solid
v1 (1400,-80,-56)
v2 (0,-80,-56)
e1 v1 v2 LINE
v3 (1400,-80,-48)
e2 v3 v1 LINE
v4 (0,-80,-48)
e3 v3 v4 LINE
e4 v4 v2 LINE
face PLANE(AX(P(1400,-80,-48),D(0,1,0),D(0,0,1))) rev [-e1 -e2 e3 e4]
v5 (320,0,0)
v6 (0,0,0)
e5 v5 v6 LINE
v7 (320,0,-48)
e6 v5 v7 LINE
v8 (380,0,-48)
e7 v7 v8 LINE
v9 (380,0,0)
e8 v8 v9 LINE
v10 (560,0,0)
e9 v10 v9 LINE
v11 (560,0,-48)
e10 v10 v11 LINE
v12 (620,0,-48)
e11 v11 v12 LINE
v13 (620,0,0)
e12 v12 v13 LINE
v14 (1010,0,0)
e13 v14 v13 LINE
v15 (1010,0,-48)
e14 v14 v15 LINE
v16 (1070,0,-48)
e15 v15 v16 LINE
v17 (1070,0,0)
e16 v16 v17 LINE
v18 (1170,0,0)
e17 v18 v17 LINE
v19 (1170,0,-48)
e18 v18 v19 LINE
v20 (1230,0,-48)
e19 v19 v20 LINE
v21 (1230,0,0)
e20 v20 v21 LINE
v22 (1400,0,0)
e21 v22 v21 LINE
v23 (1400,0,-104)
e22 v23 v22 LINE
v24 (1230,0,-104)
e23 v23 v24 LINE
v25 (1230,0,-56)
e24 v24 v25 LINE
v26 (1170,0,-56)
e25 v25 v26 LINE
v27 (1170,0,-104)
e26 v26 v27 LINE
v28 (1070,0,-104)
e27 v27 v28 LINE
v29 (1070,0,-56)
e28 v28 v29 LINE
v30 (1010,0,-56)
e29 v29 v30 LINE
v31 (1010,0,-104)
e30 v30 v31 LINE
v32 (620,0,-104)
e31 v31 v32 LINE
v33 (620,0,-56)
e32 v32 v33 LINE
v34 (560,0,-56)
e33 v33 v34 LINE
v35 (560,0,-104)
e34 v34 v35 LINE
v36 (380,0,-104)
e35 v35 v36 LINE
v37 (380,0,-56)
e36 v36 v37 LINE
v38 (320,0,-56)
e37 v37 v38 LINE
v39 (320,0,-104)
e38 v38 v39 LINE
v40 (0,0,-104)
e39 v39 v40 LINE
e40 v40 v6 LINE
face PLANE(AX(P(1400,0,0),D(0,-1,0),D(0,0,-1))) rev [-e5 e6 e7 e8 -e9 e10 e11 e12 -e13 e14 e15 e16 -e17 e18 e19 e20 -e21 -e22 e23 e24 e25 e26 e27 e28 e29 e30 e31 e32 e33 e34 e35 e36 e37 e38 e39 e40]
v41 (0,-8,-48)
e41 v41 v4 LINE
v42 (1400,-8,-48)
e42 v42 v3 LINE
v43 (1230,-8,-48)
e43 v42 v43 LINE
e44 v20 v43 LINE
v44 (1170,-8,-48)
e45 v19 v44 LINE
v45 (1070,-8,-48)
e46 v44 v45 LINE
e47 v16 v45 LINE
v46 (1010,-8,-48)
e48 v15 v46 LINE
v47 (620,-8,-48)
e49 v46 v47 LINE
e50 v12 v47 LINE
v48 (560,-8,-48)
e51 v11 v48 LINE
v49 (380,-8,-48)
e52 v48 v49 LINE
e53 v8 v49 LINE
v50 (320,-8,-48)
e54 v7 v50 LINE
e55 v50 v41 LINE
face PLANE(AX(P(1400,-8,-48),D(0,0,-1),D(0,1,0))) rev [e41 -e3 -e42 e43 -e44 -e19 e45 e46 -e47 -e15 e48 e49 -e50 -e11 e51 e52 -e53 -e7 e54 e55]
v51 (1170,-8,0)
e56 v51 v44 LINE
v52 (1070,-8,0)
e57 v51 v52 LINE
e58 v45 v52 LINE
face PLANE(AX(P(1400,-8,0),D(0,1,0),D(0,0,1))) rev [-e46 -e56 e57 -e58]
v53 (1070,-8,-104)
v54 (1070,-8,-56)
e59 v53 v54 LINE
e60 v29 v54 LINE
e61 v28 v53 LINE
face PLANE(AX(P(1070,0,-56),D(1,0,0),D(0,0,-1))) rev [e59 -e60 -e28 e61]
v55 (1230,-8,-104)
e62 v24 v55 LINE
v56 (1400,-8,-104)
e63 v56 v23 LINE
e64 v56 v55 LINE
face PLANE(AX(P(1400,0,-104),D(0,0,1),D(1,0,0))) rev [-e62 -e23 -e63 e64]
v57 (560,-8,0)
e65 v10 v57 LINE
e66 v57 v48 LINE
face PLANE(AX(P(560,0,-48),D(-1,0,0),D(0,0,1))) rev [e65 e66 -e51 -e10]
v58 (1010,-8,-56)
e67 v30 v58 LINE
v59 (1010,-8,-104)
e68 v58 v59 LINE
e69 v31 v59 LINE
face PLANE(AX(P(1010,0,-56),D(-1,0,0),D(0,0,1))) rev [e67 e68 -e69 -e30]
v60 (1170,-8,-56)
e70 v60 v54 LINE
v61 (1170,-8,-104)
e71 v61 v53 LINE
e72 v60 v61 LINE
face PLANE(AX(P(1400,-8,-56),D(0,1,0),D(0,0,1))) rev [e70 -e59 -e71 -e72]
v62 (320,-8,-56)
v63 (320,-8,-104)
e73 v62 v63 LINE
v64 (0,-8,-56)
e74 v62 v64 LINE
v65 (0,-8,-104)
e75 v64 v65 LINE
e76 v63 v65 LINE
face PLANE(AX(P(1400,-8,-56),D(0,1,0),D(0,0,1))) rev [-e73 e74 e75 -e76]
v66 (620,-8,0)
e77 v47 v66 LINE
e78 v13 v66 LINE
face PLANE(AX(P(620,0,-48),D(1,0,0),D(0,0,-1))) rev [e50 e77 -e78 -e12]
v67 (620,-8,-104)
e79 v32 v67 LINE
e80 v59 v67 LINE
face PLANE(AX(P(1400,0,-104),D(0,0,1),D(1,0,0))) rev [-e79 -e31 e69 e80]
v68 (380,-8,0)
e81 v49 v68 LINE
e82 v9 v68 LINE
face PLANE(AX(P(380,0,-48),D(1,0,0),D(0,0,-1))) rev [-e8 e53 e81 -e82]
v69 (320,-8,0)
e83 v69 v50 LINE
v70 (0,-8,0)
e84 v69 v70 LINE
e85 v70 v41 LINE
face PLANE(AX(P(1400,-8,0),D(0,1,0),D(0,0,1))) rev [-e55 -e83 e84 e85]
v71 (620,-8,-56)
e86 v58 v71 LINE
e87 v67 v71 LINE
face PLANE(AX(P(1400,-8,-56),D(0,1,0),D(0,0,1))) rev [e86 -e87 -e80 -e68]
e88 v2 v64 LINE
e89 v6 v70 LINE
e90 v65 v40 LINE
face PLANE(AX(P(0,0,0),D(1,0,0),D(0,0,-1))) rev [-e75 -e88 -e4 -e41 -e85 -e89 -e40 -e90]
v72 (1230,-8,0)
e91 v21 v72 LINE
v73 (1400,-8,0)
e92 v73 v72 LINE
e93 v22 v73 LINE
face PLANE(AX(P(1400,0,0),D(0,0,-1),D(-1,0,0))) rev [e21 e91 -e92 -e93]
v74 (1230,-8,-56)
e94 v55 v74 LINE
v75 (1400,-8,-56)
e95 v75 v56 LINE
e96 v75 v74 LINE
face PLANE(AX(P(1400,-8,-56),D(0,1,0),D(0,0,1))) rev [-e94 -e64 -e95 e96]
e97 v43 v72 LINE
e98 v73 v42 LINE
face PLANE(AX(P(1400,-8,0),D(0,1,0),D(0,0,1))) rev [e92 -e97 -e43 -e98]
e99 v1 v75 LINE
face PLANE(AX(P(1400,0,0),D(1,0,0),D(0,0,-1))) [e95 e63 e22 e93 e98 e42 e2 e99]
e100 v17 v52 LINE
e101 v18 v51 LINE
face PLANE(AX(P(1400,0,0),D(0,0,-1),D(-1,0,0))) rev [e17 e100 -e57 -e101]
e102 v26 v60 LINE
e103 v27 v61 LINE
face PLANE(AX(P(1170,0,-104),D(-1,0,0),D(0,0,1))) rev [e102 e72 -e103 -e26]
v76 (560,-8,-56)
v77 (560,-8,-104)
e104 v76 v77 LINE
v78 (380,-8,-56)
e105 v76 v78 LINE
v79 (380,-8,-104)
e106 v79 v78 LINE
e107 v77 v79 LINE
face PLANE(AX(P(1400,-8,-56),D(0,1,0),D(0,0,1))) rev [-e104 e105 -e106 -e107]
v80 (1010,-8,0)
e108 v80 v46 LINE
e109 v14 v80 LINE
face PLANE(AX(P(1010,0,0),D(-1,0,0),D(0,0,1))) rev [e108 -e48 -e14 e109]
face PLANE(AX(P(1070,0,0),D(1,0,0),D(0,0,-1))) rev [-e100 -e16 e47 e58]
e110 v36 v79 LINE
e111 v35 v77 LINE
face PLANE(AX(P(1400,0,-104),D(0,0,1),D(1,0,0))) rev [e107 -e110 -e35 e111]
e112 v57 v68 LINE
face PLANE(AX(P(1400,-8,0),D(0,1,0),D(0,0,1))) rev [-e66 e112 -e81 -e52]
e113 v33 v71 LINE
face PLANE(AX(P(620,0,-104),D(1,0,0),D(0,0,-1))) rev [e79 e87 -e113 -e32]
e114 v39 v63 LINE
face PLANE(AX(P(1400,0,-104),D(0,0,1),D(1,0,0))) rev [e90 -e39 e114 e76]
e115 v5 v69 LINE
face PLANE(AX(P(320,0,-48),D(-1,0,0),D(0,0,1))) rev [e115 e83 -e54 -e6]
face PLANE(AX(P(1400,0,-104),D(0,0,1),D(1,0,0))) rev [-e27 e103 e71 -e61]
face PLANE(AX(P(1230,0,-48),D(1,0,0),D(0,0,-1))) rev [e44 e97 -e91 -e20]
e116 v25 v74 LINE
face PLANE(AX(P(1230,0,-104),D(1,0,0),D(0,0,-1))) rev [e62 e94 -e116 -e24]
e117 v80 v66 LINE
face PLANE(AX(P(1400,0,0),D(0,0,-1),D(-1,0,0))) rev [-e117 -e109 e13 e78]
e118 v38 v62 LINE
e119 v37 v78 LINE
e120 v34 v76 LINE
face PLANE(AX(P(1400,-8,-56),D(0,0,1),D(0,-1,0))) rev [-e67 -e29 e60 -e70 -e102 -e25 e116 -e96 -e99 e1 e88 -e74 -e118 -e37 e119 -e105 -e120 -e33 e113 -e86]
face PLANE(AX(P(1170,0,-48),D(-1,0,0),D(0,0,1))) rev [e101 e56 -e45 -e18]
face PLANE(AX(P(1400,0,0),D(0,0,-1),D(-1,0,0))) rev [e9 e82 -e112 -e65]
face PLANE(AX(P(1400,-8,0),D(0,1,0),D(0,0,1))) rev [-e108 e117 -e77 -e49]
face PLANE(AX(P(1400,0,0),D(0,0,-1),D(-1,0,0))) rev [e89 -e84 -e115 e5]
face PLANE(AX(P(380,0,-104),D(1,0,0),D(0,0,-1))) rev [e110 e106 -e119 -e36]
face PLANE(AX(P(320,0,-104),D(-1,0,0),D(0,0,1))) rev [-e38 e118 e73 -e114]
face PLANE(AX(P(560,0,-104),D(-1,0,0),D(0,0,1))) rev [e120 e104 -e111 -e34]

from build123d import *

# Parameters (mm, degrees)
BOSS_EXTRUDE1_DEPTH = 1400
SKETCH1_W           = 60
SKETCH1_H           = 48
CUT_EXTRUDE1_DEPTH  = 1406.702671264


with BuildPart() as part:
    # Sketch T → Boss-Extrude1 (new body)
    with BuildSketch(Plane(origin=(0, 0, 0), x_dir=(0, 0, -1), z_dir=(1, 0, 0))):
        Polygon((0, 0), (104, 0), (104, -8), (56, -8), (56, -80), (48, -80), (48, -8), (0, -8), align=None)
    extrude(amount=BOSS_EXTRUDE1_DEPTH)

    # Sketch1 → Cut-Extrude1 (cut, through all)
    with BuildSketch(Plane(origin=(0, -8, 0), x_dir=(-1, 0, 0), z_dir=(0, -1, 0))):
        with Locations((-350, 24)):
            Rectangle(SKETCH1_W, SKETCH1_H)
        with Locations((-590, 24)):
            Rectangle(SKETCH1_W, SKETCH1_H)
        with Locations((-1200, 24)):
            Rectangle(SKETCH1_W, SKETCH1_H)
        with Locations((-1200, 80)):
            Rectangle(SKETCH1_W, SKETCH1_H)
        with Locations((-590, 80)):
            Rectangle(SKETCH1_W, SKETCH1_H)
        with Locations((-350, 80)):
            Rectangle(SKETCH1_W, SKETCH1_H)
        with Locations((-1040, 24)):
            Rectangle(SKETCH1_W, SKETCH1_H)
        with Locations((-1040, 80)):
            Rectangle(SKETCH1_W, SKETCH1_H)
    extrude(amount=-CUT_EXTRUDE1_DEPTH, mode=Mode.SUBTRACT)


solid = part.part
